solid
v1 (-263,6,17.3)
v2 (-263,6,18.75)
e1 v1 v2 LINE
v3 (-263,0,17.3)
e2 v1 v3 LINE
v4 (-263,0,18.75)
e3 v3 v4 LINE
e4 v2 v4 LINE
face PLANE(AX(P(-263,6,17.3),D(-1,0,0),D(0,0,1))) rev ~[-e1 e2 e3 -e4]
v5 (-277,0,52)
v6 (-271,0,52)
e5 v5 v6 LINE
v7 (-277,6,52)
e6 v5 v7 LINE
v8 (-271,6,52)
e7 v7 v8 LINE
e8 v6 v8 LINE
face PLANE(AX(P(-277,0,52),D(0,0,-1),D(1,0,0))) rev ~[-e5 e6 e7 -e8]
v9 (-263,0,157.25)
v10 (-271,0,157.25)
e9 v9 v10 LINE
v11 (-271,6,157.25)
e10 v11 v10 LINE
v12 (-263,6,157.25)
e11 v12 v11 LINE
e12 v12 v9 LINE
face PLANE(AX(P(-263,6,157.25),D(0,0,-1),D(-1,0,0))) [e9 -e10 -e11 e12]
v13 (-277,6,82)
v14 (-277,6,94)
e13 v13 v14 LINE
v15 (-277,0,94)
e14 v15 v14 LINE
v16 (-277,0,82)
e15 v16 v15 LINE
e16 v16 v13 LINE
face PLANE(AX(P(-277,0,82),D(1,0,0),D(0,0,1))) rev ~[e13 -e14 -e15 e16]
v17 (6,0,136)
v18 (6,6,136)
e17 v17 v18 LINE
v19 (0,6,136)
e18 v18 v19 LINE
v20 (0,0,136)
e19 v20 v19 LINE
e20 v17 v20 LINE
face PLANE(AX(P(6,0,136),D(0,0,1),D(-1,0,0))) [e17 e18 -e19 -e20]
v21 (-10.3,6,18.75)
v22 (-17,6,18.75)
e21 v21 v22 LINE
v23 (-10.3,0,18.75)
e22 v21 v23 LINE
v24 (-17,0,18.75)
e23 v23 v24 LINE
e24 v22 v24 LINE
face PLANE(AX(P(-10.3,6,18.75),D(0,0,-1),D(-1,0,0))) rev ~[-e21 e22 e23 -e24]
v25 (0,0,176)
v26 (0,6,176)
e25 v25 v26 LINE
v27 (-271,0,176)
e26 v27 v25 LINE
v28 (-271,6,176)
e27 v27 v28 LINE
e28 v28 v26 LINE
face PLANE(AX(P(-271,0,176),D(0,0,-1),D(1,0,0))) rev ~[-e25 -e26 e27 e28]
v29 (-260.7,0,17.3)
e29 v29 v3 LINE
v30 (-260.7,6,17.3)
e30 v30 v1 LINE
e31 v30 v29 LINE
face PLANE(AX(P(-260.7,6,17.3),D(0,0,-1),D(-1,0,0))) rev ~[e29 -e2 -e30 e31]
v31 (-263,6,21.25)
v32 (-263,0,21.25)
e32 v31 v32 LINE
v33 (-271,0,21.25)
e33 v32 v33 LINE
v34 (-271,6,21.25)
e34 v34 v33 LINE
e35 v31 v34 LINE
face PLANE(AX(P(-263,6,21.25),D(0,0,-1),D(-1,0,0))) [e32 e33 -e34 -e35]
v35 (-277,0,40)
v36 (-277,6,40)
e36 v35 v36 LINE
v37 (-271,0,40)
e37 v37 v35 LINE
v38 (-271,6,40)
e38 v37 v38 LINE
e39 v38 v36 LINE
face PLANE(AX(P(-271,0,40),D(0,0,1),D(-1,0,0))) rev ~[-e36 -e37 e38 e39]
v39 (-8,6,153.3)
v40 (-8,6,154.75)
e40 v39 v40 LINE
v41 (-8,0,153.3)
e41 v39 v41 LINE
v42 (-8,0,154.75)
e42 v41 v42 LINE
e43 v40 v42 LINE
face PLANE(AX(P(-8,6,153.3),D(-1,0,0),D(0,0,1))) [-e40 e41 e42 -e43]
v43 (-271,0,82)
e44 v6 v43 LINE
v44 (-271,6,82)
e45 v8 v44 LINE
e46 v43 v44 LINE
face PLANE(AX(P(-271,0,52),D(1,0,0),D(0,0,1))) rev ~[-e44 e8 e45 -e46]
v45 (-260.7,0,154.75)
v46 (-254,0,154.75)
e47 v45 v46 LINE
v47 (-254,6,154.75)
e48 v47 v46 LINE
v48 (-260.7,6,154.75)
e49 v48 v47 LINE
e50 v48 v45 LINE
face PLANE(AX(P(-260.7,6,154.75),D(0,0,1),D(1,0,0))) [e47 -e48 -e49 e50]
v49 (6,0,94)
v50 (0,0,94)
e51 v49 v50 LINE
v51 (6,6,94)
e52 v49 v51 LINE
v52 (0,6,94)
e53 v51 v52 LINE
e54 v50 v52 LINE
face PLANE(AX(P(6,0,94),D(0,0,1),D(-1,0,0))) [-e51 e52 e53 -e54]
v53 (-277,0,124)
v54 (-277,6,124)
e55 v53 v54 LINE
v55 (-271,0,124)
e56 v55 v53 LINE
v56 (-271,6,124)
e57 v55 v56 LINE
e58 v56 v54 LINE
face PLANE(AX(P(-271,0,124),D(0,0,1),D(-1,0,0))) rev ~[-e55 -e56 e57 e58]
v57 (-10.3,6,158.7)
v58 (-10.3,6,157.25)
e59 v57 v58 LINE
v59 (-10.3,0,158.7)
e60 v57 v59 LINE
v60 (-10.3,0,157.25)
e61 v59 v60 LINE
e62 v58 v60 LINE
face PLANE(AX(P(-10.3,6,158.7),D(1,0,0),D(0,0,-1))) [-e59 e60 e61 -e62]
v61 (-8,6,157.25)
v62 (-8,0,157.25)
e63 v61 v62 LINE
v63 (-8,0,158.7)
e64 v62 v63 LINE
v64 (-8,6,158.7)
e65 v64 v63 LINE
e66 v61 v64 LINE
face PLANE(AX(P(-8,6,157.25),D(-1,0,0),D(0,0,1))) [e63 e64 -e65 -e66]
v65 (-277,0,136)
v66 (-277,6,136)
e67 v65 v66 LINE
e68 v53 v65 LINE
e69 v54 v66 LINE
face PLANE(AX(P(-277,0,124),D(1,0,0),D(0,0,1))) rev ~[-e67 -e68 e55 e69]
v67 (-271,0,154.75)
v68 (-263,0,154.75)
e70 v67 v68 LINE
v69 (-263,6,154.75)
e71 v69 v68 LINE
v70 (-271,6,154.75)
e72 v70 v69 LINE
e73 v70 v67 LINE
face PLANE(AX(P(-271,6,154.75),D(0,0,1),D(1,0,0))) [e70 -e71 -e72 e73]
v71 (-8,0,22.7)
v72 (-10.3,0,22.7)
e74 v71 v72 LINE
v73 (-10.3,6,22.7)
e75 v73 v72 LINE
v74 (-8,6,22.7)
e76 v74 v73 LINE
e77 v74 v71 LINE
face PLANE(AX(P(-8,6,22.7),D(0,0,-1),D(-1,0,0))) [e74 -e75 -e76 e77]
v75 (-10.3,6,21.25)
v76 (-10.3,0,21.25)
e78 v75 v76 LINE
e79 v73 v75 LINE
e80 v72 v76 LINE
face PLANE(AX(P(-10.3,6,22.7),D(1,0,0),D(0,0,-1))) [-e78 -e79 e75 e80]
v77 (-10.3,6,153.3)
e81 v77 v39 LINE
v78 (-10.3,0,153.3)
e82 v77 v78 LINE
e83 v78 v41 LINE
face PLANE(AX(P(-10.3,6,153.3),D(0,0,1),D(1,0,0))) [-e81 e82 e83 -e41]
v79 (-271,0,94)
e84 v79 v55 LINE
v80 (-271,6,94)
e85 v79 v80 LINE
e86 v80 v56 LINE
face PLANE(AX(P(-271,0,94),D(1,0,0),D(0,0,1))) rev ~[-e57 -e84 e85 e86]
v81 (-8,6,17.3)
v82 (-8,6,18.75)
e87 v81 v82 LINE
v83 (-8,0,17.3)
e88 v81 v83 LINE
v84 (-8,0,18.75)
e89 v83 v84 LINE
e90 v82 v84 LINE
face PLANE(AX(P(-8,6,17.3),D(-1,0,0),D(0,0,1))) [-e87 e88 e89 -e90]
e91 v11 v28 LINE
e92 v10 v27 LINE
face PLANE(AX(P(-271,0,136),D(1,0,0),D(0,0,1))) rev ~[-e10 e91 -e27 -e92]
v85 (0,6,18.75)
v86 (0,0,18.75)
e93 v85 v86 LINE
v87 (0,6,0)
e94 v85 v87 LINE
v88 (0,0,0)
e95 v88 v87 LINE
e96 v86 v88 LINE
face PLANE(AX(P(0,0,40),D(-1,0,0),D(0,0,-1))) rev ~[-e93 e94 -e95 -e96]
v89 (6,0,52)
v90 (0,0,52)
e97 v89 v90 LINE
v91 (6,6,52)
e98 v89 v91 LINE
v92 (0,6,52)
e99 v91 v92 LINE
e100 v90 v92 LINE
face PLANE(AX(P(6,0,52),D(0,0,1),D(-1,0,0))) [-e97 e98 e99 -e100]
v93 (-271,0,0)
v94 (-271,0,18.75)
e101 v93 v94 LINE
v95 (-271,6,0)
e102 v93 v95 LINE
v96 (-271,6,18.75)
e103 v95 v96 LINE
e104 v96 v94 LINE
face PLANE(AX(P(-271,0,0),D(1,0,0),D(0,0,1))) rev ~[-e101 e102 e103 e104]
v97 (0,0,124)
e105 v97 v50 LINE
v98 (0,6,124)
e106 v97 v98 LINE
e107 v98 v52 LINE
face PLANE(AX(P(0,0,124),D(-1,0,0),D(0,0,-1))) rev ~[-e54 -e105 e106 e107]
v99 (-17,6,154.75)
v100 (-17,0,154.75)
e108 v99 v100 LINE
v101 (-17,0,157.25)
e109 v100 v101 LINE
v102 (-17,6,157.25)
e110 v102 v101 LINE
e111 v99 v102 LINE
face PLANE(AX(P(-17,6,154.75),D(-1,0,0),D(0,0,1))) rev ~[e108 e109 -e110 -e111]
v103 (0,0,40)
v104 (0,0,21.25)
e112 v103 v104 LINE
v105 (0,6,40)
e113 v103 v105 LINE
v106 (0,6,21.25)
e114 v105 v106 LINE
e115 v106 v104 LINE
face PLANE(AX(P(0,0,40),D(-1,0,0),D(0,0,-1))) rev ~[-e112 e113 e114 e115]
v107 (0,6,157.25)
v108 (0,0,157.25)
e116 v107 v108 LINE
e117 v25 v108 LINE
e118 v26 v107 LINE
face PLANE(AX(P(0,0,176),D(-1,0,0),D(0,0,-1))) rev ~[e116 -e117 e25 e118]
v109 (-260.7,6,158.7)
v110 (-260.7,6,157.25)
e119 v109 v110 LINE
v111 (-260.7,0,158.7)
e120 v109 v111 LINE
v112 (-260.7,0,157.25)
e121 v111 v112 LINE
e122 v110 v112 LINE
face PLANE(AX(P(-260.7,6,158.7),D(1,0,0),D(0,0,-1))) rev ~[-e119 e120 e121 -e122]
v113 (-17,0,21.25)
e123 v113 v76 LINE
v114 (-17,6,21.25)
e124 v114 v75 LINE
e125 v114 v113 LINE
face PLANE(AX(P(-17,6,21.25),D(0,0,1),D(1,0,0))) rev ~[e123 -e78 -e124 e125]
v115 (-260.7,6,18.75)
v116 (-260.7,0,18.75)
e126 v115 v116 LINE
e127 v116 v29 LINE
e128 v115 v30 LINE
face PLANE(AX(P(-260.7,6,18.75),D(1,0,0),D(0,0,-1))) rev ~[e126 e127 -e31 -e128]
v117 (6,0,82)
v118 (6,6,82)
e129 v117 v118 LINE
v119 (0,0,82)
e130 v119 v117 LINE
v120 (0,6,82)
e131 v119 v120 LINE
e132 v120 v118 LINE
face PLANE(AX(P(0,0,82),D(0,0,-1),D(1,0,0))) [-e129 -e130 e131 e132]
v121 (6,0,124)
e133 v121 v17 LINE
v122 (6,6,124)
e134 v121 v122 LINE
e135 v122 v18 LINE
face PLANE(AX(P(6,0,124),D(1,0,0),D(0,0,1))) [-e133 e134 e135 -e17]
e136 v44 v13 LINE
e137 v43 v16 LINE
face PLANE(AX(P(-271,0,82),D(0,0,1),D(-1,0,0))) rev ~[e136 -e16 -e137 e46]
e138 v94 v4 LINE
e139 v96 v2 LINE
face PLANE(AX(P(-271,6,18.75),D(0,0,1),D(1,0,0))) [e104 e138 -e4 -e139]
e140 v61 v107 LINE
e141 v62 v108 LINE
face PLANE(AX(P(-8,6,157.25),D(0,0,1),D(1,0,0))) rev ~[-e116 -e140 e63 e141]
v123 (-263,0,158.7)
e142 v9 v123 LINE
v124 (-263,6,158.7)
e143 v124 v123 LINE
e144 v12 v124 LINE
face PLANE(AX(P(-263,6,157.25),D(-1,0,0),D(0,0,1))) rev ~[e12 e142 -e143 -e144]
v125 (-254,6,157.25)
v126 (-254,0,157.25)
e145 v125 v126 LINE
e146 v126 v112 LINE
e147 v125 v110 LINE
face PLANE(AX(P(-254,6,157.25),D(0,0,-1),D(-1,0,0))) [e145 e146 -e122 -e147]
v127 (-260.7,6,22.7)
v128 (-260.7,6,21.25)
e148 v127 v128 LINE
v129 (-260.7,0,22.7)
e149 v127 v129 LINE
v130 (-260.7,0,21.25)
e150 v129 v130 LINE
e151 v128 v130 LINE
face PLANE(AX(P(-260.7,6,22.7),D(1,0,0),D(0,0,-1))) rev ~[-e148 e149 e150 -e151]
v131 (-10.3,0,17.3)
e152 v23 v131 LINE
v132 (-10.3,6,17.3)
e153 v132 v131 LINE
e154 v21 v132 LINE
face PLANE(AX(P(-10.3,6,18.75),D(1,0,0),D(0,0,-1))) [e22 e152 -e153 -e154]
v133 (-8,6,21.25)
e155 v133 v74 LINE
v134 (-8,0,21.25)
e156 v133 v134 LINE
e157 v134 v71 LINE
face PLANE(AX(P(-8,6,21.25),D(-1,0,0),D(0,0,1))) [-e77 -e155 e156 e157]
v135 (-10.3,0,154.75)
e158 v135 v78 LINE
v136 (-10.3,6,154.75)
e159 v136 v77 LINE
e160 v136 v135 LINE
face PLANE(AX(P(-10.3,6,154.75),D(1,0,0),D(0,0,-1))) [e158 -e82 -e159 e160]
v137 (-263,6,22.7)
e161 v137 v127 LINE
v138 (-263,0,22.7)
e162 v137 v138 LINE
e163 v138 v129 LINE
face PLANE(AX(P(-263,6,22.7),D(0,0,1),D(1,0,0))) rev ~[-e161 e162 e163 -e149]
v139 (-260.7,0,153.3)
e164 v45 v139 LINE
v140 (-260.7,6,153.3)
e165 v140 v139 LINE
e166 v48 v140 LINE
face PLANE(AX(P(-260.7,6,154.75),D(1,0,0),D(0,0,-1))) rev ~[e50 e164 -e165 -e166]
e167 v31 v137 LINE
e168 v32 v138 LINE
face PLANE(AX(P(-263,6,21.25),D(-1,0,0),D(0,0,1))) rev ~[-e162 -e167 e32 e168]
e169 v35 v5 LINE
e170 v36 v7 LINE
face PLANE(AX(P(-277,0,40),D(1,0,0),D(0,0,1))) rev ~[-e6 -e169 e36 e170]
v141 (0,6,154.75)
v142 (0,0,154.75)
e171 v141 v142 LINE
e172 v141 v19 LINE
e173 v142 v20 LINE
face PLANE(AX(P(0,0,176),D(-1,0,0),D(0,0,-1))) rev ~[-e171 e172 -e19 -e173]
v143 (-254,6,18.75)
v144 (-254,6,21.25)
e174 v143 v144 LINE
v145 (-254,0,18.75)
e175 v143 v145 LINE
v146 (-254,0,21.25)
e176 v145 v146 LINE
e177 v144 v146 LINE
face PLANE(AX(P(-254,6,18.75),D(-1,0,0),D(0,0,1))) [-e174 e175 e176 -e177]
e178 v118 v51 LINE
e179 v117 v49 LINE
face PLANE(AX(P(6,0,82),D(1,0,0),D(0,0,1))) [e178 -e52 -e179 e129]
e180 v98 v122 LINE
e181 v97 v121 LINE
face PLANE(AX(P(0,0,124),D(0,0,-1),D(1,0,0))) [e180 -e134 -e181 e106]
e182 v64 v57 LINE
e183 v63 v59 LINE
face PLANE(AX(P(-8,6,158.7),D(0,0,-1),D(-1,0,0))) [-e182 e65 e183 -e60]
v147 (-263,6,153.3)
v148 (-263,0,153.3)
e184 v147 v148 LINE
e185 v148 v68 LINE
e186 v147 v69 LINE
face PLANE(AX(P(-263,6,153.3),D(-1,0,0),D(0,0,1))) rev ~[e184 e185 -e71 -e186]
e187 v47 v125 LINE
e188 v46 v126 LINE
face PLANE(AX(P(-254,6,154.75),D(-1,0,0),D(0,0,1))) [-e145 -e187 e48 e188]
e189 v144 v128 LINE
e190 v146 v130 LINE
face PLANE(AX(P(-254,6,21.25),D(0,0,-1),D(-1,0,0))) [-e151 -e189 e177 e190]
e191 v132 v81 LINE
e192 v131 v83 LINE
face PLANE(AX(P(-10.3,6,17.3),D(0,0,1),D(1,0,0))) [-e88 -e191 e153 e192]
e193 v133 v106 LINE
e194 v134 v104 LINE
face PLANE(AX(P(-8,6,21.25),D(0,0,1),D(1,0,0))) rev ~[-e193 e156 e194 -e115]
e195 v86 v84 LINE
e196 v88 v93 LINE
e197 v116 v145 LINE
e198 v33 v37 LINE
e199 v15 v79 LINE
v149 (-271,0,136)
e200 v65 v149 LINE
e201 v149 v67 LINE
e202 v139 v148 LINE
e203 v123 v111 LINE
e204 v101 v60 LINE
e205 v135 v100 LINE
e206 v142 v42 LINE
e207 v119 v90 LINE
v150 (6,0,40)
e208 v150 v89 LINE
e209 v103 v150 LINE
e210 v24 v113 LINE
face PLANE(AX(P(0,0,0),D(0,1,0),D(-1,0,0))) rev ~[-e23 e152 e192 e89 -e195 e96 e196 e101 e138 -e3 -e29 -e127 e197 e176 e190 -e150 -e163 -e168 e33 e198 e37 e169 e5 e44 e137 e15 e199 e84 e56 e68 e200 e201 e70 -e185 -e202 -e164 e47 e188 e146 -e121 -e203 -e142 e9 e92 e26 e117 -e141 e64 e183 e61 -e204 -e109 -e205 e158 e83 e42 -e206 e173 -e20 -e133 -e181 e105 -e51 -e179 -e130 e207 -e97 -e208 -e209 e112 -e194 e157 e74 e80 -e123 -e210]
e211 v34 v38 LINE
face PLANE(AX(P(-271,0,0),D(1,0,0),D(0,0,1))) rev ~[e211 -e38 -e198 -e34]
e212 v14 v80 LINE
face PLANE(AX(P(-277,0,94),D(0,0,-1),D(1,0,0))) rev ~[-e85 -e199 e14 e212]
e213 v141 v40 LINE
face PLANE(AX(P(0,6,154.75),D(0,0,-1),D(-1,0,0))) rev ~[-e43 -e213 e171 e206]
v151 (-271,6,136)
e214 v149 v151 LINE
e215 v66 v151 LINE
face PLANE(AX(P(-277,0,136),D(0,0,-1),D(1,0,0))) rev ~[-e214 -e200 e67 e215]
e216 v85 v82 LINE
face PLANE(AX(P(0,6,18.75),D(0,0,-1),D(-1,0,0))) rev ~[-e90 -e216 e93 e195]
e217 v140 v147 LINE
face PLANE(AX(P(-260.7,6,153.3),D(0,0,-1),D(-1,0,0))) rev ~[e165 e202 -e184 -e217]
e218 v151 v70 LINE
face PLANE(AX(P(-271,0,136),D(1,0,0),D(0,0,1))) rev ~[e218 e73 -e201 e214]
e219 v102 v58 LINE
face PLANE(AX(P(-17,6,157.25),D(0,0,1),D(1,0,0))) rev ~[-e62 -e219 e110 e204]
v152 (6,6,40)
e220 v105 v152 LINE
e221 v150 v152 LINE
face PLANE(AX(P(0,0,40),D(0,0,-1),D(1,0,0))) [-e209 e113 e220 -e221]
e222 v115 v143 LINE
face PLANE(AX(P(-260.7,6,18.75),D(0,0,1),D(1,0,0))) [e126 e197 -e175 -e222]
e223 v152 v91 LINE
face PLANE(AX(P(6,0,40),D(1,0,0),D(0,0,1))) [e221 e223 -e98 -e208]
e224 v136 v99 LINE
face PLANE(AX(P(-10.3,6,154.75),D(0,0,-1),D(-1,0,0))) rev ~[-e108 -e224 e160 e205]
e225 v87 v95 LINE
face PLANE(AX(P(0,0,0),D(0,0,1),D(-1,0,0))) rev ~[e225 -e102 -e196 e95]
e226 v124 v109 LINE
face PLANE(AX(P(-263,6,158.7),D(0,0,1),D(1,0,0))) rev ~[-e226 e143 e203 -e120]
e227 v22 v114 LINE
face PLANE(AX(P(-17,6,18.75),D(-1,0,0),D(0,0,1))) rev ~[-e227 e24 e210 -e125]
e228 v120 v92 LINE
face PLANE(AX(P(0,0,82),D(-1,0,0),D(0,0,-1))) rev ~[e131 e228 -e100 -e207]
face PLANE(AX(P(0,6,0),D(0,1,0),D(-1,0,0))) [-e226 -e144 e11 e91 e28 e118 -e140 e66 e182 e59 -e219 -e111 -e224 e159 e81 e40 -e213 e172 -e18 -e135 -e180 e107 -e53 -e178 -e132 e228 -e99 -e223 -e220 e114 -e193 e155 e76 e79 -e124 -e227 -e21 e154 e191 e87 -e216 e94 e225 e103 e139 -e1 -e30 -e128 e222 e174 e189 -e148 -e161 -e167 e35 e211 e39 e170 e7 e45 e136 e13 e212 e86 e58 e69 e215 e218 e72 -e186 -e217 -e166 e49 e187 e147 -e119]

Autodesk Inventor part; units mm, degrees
ref_plane "YZ Plane" through (0, 0, 0) normal (1, 0, 0) x (0, 1, 0)
ref_plane "XZ Plane" through (0, 0, 0) normal (0, 1, 0) x (-1, 0, 0)
ref_plane "XY Plane" through (0, 0, 0) normal (0, 0, 1) x (1, 0, 0)
sketch "Sketch1" plane through (0, 0, 0) normal (0, 1, 0) x (-1, 0, 0)
  line L0 (0, 0) -> (271, 0)
  line L1 (271, 0) -> (271, 176)
  line L2 (271, 176) -> (0, 176)
  line L3 (0, 176) -> (0, 0)
  line L4 (-6, 136) -> (0, 136)
  line L5 (0, 136) -> (0, 124)
  line L6 (0, 124) -> (-6, 124)
  line L7 (-6, 124) -> (-6, 136)
  line L8 (-6, 94) -> (0, 94)
  line L9 (0, 94) -> (0, 82)
  line L10 (0, 82) -> (-6, 82)
  line L11 (-6, 82) -> (-6, 94)
  line L12 (-6, 52) -> (0, 52)
  line L13 (0, 52) -> (0, 40)
  line L14 (0, 40) -> (-6, 40)
  line L15 (-6, 40) -> (-6, 52)
  circle A0 centre (-3, 156) radius 1.25
  circle A1 centre (-3, 20) radius 1.25
  line L16 (-3, 40) -> (-3, 20) construction
  line L17 (135.5, 176) -> (135.5, 0) construction
  line L18 (277, 40) -> (277, 52)
  line L19 (271, 40) -> (277, 40)
  line L20 (271, 52) -> (271, 40)
  line L21 (277, 52) -> (271, 52)
  line L22 (271, 82) -> (277, 82)
  line L23 (277, 94) -> (271, 94)
  line L24 (271, 94) -> (271, 82)
  line L25 (277, 82) -> (277, 94)
  line L26 (271, 124) -> (277, 124)
  line L27 (271, 136) -> (271, 124)
  line L28 (277, 136) -> (271, 136)
  line L29 (277, 124) -> (277, 136)
  point P0 (274, 40)
  dimension "d0" = 271
  dimension "d2" = 6
  dimension "d3" = 12
  dimension "d4" = 30
  dimension "d5" = 30
  dimension "d6" = 2.5
  dimension "d7" = 2.5
  dimension "d8" = 20
  dimension "d9" = 20
  dimension "d10" = 20
  dimension "d13" = 20
extrude "Extrusion1" add sketch "Sketch1" along normal blind 6 contours L3 L2 L1 L0 | L14 L15 L12 L3 | L1 L21 L18 L19 | L10 L11 L8 L3 | L1 L23 L25 L22 | L6 L7 L4 L3 | L1 L28 L29 L26
sketch "Sketch2" plane through (0, 6, 0) normal (0, 1, 0) x (1, 0, 0)
  line L0 (0, -40) -> (0, 0) projected
  line L1 (0, -18.75) -> (-8, -18.75)
  line L2 (-17, -18.75) -> (-17, -21.25)
  line L3 (-17, -21.25) -> (-10.3, -21.25)
  line L4 (0, -21.25) -> (0, -18.75)
  line L5 (0, 0) -> (-271, 0) projected
  line L6 (-8, -22.7) -> (-10.3, -22.7)
  line L7 (-10.3, -22.7) -> (-10.3, -21.25)
  line L8 (-10.3, -17.3) -> (-8, -17.3)
  line L9 (-8, -17.3) -> (-8, -18.75)
  line L10 (-8, -21.25) -> (-8, -22.7)
  line L11 (-8, -18.75) -> (-8, -21.25) construction
  line L12 (-10.3, -21.25) -> (-10.3, -18.75) construction
  line L13 (-10.3, -18.75) -> (-10.3, -17.3)
  line L14 (-8, -21.25) -> (0, -21.25)
  line L15 (-10.3, -21.25) -> (-8, -21.25) construction
  line L16 (-8, -18.75) -> (-10.3, -18.75) construction
  line L17 (-10.3, -18.75) -> (-17, -18.75)
  line L18 (0, -154.75) -> (-8, -154.75)
  line L19 (-17, -154.75) -> (-17, -157.25)
  line L20 (-17, -157.25) -> (-10.3, -157.25)
  line L21 (0, -157.25) -> (0, -154.75)
  line L22 (-8, -158.7) -> (-10.3, -158.7)
  line L23 (-10.3, -158.7) -> (-10.3, -157.25)
  line L24 (-10.3, -153.3) -> (-8, -153.3)
  line L25 (-8, -153.3) -> (-8, -154.75)
  line L26 (-8, -157.25) -> (-8, -158.7)
  line L27 (-8, -154.75) -> (-8, -157.25) construction
  line L28 (-10.3, -157.25) -> (-10.3, -154.75) construction
  line L29 (-10.3, -154.75) -> (-10.3, -153.3)
  line L30 (-8, -157.25) -> (0, -157.25)
  line L31 (-10.3, -157.25) -> (-8, -157.25) construction
  line L32 (-8, -154.75) -> (-10.3, -154.75) construction
  line L33 (-10.3, -154.75) -> (-17, -154.75)
  line L34 (0, -176) -> (0, -136) projected
  line L35 (-271, -176) -> (0, -176) projected
  line L36 (-135.5, -176) -> (-135.5, 0) construction
  line L37 (-271, -18.75) -> (-263, -18.75)
  line L38 (-254, -18.75) -> (-254, -21.25)
  line L39 (-254, -21.25) -> (-260.7, -21.25)
  line L40 (-271, -21.25) -> (-271, -18.75)
  line L41 (-263, -22.7) -> (-260.7, -22.7)
  line L42 (-260.7, -22.7) -> (-260.7, -21.25)
  line L43 (-260.7, -17.3) -> (-263, -17.3)
  line L44 (-263, -17.3) -> (-263, -18.75)
  line L45 (-263, -21.25) -> (-263, -22.7)
  line L46 (-263, -18.75) -> (-263, -21.25) construction
  line L47 (-260.7, -21.25) -> (-260.7, -18.75) construction
  line L48 (-260.7, -18.75) -> (-260.7, -17.3)
  line L49 (-263, -21.25) -> (-271, -21.25)
  line L50 (-260.7, -21.25) -> (-263, -21.25) construction
  line L51 (-263, -18.75) -> (-260.7, -18.75) construction
  line L52 (-260.7, -18.75) -> (-254, -18.75)
  line L53 (-260.7, -158.7) -> (-260.7, -157.25)
  line L54 (-260.7, -157.25) -> (-263, -157.25) construction
  line L55 (-260.7, -157.25) -> (-260.7, -154.75) construction
  line L56 (-263, -157.25) -> (-263, -158.7)
  line L57 (-263, -158.7) -> (-260.7, -158.7)
  line L58 (-263, -154.75) -> (-260.7, -154.75) construction
  line L59 (-263, -154.75) -> (-263, -157.25) construction
  line L60 (-260.7, -154.75) -> (-260.7, -153.3)
  line L61 (-260.7, -153.3) -> (-263, -153.3)
  line L62 (-263, -153.3) -> (-263, -154.75)
  line L63 (-254, -157.25) -> (-260.7, -157.25)
  line L64 (-260.7, -154.75) -> (-254, -154.75)
  line L65 (-254, -154.75) -> (-254, -157.25)
  line L66 (-263, -157.25) -> (-271, -157.25)
  line L67 (-271, -154.75) -> (-263, -154.75)
  line L68 (-271, -157.25) -> (-271, -154.75)
  point P0 (-271, -40)
  point P1 (-271, -136)
  dimension "d14" = 17
  dimension "d15" = 2.5
  dimension "d16" = 18.75
  dimension "d19" = 2.3
  dimension "d20" = 5.4
  dimension "d21" = 8
  dimension "d22" = 17
  dimension "d23" = 2.5
  dimension "d24" = 2.3
  dimension "d25" = 5.4
  dimension "d26" = 18.75
extrude "Extrusion2" cut sketch "Sketch2" against normal through all
equation "\"d5\" = d4"
equation "\"d6\" = d7"
equation "\"d9\" = d8"
equation "\"d26\" = d16"
properties part number "pinball-case-back"
